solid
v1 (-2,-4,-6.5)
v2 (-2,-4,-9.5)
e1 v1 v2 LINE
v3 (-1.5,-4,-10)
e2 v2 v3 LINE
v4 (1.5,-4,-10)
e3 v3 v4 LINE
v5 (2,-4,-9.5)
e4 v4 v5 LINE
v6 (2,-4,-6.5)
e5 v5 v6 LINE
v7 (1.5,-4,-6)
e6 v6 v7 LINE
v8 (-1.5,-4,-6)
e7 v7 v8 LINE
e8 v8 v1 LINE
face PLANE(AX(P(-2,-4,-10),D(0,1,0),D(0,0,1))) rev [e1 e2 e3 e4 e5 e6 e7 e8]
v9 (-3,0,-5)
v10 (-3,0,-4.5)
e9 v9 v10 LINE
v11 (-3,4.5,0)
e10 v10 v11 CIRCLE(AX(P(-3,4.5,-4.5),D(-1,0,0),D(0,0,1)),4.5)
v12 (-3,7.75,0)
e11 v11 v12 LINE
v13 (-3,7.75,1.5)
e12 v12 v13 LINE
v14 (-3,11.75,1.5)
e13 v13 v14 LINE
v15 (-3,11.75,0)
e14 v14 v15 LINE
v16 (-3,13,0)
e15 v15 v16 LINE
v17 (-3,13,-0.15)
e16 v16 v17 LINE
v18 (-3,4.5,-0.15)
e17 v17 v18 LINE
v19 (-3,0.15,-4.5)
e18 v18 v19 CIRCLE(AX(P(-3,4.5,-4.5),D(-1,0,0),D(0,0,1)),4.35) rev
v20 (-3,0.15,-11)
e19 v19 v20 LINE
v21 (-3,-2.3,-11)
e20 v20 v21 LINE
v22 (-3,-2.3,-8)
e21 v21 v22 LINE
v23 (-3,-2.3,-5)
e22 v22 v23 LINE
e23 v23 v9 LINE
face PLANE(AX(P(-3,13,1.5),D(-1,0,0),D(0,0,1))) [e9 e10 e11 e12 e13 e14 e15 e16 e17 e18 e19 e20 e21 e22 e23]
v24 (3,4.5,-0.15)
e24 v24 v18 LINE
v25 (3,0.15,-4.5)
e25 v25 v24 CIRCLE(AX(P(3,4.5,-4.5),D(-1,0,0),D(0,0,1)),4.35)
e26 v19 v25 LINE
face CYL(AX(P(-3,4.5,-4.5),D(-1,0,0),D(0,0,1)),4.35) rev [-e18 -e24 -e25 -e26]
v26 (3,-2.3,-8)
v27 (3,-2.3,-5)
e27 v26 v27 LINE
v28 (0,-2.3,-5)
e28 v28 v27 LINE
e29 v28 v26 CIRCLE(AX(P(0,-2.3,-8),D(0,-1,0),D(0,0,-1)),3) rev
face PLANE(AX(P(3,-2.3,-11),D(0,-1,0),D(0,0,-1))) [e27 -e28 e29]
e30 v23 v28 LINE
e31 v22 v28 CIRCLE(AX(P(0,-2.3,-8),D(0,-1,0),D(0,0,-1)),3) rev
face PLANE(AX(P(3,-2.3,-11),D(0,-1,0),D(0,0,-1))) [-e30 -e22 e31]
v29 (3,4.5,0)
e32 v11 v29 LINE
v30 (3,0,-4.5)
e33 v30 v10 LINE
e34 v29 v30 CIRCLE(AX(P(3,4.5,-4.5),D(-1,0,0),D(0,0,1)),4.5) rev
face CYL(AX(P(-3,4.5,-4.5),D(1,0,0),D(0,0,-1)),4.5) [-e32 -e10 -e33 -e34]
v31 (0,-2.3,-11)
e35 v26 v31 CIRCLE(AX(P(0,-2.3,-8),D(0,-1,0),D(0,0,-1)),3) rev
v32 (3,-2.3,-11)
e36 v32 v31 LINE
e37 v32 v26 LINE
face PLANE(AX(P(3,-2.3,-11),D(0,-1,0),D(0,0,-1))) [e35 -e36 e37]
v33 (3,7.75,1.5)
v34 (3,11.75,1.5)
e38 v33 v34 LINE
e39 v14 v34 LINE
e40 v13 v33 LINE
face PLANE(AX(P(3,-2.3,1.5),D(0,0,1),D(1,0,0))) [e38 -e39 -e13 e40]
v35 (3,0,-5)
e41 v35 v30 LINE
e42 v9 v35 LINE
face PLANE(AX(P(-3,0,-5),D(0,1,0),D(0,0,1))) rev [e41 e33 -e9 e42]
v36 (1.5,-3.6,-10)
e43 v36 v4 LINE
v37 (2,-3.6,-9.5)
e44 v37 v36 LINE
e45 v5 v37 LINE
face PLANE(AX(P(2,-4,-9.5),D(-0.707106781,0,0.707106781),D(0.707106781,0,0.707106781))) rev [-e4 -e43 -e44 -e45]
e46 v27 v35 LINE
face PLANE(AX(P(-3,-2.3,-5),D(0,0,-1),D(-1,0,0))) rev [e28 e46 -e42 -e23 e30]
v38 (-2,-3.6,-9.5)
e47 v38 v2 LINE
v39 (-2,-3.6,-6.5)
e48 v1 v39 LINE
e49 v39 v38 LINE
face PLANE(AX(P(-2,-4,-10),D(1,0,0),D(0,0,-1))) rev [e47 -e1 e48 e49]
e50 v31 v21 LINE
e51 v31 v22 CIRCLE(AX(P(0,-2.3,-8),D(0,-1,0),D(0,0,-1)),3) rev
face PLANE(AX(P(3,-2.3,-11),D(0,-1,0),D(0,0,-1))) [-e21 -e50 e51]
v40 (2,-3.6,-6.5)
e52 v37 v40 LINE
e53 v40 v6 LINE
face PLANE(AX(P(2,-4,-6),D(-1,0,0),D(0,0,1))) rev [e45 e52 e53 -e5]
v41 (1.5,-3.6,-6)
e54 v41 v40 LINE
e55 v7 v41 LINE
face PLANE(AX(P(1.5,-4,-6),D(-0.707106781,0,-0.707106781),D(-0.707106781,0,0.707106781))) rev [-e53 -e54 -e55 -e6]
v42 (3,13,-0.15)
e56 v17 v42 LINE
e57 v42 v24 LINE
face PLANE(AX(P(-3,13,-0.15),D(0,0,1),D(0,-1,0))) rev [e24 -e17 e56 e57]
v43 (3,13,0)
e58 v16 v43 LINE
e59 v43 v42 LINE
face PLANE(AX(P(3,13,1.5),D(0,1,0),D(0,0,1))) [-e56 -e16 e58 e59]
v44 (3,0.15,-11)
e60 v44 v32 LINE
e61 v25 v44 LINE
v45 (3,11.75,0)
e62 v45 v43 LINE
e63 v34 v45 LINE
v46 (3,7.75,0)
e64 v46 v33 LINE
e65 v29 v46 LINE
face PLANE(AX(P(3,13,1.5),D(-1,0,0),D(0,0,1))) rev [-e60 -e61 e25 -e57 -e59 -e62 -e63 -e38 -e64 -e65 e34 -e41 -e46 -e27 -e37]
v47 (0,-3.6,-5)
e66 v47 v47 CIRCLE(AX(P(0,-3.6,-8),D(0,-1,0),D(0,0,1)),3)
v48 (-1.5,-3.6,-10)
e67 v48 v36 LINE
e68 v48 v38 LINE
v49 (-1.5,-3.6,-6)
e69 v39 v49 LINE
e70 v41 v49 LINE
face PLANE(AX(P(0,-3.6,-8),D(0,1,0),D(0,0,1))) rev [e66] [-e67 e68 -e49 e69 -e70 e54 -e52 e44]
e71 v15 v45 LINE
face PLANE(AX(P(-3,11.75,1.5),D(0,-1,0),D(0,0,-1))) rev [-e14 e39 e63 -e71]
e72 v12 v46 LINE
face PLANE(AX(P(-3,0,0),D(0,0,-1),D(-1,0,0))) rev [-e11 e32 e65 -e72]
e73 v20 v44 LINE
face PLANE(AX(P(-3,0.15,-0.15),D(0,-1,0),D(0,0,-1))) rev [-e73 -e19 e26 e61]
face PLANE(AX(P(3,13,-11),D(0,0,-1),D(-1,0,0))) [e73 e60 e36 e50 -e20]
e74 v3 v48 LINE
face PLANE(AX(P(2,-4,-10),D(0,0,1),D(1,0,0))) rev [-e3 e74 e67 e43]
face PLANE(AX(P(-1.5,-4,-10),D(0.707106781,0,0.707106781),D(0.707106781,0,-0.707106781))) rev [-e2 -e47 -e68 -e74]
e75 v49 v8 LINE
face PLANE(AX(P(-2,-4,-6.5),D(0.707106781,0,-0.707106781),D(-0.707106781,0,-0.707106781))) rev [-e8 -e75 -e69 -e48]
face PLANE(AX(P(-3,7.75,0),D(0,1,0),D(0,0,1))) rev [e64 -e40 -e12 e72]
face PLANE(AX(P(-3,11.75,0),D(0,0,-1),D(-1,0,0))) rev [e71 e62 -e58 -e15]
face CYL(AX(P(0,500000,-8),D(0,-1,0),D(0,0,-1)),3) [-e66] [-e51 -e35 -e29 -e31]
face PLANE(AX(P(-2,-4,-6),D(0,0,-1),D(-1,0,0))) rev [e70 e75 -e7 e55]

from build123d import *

# Parameters (mm, degrees)
SCHIZZO1_W                   = 15.3
SCHIZZO1_H                   = 12.5
ESTRUSIONE_ESTRUSIONE1_DEPTH = 6
SCHIZZO2_W                   = 1.5
SCHIZZO2_H                   = 1.25
TAGLIO_ESTRUSIONE1_DEPTH     = 19.055470085
SCHIZZO3_W                   = 10.85
SCHIZZO3_H                   = 12.85
TAGLIO_ESTRUSIONE2_DEPTH     = 19.055470085
SCHIZZO4_W                   = 6.5
SCHIZZO4_H                   = 2.3
TAGLIO_ESTRUSIONE3_DEPTH     = 19.055470085
SCHIZZO5_W                   = 1.5
SCHIZZO5_H                   = 7.75
TAGLIO_ESTRUSIONE4_DEPTH     = 19.055470085
ESTRUSIONE_ESTRUSIONE2_REACH = 22.139
SCHIZZO6_R                   = 3
SCHIZZO7_W                   = 4
SCHIZZO7_H                   = 4
ESTRUSIONE_ESTRUSIONE3_DEPTH = 0.4
SMUSSO1_SIZE                 = 0.5
SMUSSO2_SIZE                 = 0.5
SMUSSO3_SIZE                 = 0.5
SMUSSO4_SIZE                 = 0.5
RACCORDO1_R                  = 4.35
RACCORDO2_R                  = 4.5


with BuildPart() as part:
    # Schizzo1 → Estrusione-Estrusione1 (new body)
    with BuildSketch(Plane(origin=(-3, 0, 0), x_dir=(0, -1, 0), z_dir=(-1, 0, 0))):
        with Locations((-5.35, -4.75)):
            Rectangle(SCHIZZO1_W, SCHIZZO1_H)
    extrude(amount=-ESTRUSIONE_ESTRUSIONE1_DEPTH)

    # Schizzo2 → Taglio-Estrusione1 (cut, through all)
    with BuildSketch(Plane(origin=(3, 0, 0), x_dir=(0, 0, -1), z_dir=(1, 0, 0))):
        with Locations((-0.75, 12.375)):
            Rectangle(SCHIZZO2_W, SCHIZZO2_H)
    extrude(amount=-TAGLIO_ESTRUSIONE1_DEPTH, mode=Mode.SUBTRACT)

    # Schizzo3 → Taglio-Estrusione2 (cut, through all)
    with BuildSketch(Plane(origin=(3, 0, 0), x_dir=(0, 0, -1), z_dir=(1, 0, 0))):
        with Locations((5.575, 6.575)):
            Rectangle(SCHIZZO3_W, SCHIZZO3_H)
    extrude(amount=-TAGLIO_ESTRUSIONE2_DEPTH, mode=Mode.SUBTRACT)

    # Schizzo4 → Taglio-Estrusione3 (cut, through all)
    with BuildSketch(Plane(origin=(3, 0, 0), x_dir=(0, 0, -1), z_dir=(1, 0, 0))):
        with Locations((1.75, -1.15)):
            Rectangle(SCHIZZO4_W, SCHIZZO4_H)
    extrude(amount=-TAGLIO_ESTRUSIONE3_DEPTH, mode=Mode.SUBTRACT)

    # Schizzo5 → Taglio-Estrusione4 (cut, through all)
    with BuildSketch(Plane(origin=(3, 0, 0), x_dir=(0, 0, -1), z_dir=(1, 0, 0))):
        with Locations((-0.75, 3.875)):
            Rectangle(SCHIZZO5_W, SCHIZZO5_H)
    extrude(amount=-TAGLIO_ESTRUSIONE4_DEPTH, mode=Mode.SUBTRACT)

    # Schizzo6 → Estrusione-Estrusione2 (add, up to next)
    with BuildSketch(Plane.XZ.offset(3.6), mode=Mode.PRIVATE) as estrusione_estrusione2_sk1:
        with Locations(Location((0, -8, 0), (0, 0, 90))):
            Circle(SCHIZZO6_R)
    estrusione_estrusione2_tool1 = extrude(estrusione_estrusione2_sk1.sketch, amount=-ESTRUSIONE_ESTRUSIONE2_REACH, mode=Mode.PRIVATE) - part.part
    add(estrusione_estrusione2_tool1.solids().sort_by_distance((0, -3.6, -8))[0])

    # Schizzo7 → Estrusione-Estrusione3 (add)
    with BuildSketch(Plane.XZ.offset(3.6)):
        with Locations((0, -8)):
            Rectangle(SCHIZZO7_W, SCHIZZO7_H)
    extrude(amount=ESTRUSIONE_ESTRUSIONE3_DEPTH)

    # Smusso1
    smusso1_edges = [part.edges().sort_by_distance(p)[0] for p in [
        (-2, -3.8, -10),
    ]]
    chamfer(smusso1_edges, length=SMUSSO1_SIZE)

    # Smusso2
    smusso2_edges = [part.edges().sort_by_distance(p)[0] for p in [
        (2, -3.8, -6),
    ]]
    chamfer(smusso2_edges, length=SMUSSO2_SIZE)

    # Smusso3
    smusso3_edges = [part.edges().sort_by_distance(p)[0] for p in [
        (-2, -3.8, -6),
    ]]
    chamfer(smusso3_edges, length=SMUSSO3_SIZE)

    # Smusso4
    smusso4_edges = [part.edges().sort_by_distance(p)[0] for p in [
        (2, -3.8, -10),
    ]]
    chamfer(smusso4_edges, length=SMUSSO4_SIZE)

    # Raccordo1
    raccordo1_edges = [part.edges().sort_by_distance(p)[0] for p in [
        (0, 0.15, -0.15),
    ]]
    fillet(raccordo1_edges, radius=RACCORDO1_R)

    # Raccordo2
    raccordo2_edges = [part.edges().sort_by_distance(p)[0] for p in [
        (0, 0, 0),
    ]]
    fillet(raccordo2_edges, radius=RACCORDO2_R)


solid = part.part
